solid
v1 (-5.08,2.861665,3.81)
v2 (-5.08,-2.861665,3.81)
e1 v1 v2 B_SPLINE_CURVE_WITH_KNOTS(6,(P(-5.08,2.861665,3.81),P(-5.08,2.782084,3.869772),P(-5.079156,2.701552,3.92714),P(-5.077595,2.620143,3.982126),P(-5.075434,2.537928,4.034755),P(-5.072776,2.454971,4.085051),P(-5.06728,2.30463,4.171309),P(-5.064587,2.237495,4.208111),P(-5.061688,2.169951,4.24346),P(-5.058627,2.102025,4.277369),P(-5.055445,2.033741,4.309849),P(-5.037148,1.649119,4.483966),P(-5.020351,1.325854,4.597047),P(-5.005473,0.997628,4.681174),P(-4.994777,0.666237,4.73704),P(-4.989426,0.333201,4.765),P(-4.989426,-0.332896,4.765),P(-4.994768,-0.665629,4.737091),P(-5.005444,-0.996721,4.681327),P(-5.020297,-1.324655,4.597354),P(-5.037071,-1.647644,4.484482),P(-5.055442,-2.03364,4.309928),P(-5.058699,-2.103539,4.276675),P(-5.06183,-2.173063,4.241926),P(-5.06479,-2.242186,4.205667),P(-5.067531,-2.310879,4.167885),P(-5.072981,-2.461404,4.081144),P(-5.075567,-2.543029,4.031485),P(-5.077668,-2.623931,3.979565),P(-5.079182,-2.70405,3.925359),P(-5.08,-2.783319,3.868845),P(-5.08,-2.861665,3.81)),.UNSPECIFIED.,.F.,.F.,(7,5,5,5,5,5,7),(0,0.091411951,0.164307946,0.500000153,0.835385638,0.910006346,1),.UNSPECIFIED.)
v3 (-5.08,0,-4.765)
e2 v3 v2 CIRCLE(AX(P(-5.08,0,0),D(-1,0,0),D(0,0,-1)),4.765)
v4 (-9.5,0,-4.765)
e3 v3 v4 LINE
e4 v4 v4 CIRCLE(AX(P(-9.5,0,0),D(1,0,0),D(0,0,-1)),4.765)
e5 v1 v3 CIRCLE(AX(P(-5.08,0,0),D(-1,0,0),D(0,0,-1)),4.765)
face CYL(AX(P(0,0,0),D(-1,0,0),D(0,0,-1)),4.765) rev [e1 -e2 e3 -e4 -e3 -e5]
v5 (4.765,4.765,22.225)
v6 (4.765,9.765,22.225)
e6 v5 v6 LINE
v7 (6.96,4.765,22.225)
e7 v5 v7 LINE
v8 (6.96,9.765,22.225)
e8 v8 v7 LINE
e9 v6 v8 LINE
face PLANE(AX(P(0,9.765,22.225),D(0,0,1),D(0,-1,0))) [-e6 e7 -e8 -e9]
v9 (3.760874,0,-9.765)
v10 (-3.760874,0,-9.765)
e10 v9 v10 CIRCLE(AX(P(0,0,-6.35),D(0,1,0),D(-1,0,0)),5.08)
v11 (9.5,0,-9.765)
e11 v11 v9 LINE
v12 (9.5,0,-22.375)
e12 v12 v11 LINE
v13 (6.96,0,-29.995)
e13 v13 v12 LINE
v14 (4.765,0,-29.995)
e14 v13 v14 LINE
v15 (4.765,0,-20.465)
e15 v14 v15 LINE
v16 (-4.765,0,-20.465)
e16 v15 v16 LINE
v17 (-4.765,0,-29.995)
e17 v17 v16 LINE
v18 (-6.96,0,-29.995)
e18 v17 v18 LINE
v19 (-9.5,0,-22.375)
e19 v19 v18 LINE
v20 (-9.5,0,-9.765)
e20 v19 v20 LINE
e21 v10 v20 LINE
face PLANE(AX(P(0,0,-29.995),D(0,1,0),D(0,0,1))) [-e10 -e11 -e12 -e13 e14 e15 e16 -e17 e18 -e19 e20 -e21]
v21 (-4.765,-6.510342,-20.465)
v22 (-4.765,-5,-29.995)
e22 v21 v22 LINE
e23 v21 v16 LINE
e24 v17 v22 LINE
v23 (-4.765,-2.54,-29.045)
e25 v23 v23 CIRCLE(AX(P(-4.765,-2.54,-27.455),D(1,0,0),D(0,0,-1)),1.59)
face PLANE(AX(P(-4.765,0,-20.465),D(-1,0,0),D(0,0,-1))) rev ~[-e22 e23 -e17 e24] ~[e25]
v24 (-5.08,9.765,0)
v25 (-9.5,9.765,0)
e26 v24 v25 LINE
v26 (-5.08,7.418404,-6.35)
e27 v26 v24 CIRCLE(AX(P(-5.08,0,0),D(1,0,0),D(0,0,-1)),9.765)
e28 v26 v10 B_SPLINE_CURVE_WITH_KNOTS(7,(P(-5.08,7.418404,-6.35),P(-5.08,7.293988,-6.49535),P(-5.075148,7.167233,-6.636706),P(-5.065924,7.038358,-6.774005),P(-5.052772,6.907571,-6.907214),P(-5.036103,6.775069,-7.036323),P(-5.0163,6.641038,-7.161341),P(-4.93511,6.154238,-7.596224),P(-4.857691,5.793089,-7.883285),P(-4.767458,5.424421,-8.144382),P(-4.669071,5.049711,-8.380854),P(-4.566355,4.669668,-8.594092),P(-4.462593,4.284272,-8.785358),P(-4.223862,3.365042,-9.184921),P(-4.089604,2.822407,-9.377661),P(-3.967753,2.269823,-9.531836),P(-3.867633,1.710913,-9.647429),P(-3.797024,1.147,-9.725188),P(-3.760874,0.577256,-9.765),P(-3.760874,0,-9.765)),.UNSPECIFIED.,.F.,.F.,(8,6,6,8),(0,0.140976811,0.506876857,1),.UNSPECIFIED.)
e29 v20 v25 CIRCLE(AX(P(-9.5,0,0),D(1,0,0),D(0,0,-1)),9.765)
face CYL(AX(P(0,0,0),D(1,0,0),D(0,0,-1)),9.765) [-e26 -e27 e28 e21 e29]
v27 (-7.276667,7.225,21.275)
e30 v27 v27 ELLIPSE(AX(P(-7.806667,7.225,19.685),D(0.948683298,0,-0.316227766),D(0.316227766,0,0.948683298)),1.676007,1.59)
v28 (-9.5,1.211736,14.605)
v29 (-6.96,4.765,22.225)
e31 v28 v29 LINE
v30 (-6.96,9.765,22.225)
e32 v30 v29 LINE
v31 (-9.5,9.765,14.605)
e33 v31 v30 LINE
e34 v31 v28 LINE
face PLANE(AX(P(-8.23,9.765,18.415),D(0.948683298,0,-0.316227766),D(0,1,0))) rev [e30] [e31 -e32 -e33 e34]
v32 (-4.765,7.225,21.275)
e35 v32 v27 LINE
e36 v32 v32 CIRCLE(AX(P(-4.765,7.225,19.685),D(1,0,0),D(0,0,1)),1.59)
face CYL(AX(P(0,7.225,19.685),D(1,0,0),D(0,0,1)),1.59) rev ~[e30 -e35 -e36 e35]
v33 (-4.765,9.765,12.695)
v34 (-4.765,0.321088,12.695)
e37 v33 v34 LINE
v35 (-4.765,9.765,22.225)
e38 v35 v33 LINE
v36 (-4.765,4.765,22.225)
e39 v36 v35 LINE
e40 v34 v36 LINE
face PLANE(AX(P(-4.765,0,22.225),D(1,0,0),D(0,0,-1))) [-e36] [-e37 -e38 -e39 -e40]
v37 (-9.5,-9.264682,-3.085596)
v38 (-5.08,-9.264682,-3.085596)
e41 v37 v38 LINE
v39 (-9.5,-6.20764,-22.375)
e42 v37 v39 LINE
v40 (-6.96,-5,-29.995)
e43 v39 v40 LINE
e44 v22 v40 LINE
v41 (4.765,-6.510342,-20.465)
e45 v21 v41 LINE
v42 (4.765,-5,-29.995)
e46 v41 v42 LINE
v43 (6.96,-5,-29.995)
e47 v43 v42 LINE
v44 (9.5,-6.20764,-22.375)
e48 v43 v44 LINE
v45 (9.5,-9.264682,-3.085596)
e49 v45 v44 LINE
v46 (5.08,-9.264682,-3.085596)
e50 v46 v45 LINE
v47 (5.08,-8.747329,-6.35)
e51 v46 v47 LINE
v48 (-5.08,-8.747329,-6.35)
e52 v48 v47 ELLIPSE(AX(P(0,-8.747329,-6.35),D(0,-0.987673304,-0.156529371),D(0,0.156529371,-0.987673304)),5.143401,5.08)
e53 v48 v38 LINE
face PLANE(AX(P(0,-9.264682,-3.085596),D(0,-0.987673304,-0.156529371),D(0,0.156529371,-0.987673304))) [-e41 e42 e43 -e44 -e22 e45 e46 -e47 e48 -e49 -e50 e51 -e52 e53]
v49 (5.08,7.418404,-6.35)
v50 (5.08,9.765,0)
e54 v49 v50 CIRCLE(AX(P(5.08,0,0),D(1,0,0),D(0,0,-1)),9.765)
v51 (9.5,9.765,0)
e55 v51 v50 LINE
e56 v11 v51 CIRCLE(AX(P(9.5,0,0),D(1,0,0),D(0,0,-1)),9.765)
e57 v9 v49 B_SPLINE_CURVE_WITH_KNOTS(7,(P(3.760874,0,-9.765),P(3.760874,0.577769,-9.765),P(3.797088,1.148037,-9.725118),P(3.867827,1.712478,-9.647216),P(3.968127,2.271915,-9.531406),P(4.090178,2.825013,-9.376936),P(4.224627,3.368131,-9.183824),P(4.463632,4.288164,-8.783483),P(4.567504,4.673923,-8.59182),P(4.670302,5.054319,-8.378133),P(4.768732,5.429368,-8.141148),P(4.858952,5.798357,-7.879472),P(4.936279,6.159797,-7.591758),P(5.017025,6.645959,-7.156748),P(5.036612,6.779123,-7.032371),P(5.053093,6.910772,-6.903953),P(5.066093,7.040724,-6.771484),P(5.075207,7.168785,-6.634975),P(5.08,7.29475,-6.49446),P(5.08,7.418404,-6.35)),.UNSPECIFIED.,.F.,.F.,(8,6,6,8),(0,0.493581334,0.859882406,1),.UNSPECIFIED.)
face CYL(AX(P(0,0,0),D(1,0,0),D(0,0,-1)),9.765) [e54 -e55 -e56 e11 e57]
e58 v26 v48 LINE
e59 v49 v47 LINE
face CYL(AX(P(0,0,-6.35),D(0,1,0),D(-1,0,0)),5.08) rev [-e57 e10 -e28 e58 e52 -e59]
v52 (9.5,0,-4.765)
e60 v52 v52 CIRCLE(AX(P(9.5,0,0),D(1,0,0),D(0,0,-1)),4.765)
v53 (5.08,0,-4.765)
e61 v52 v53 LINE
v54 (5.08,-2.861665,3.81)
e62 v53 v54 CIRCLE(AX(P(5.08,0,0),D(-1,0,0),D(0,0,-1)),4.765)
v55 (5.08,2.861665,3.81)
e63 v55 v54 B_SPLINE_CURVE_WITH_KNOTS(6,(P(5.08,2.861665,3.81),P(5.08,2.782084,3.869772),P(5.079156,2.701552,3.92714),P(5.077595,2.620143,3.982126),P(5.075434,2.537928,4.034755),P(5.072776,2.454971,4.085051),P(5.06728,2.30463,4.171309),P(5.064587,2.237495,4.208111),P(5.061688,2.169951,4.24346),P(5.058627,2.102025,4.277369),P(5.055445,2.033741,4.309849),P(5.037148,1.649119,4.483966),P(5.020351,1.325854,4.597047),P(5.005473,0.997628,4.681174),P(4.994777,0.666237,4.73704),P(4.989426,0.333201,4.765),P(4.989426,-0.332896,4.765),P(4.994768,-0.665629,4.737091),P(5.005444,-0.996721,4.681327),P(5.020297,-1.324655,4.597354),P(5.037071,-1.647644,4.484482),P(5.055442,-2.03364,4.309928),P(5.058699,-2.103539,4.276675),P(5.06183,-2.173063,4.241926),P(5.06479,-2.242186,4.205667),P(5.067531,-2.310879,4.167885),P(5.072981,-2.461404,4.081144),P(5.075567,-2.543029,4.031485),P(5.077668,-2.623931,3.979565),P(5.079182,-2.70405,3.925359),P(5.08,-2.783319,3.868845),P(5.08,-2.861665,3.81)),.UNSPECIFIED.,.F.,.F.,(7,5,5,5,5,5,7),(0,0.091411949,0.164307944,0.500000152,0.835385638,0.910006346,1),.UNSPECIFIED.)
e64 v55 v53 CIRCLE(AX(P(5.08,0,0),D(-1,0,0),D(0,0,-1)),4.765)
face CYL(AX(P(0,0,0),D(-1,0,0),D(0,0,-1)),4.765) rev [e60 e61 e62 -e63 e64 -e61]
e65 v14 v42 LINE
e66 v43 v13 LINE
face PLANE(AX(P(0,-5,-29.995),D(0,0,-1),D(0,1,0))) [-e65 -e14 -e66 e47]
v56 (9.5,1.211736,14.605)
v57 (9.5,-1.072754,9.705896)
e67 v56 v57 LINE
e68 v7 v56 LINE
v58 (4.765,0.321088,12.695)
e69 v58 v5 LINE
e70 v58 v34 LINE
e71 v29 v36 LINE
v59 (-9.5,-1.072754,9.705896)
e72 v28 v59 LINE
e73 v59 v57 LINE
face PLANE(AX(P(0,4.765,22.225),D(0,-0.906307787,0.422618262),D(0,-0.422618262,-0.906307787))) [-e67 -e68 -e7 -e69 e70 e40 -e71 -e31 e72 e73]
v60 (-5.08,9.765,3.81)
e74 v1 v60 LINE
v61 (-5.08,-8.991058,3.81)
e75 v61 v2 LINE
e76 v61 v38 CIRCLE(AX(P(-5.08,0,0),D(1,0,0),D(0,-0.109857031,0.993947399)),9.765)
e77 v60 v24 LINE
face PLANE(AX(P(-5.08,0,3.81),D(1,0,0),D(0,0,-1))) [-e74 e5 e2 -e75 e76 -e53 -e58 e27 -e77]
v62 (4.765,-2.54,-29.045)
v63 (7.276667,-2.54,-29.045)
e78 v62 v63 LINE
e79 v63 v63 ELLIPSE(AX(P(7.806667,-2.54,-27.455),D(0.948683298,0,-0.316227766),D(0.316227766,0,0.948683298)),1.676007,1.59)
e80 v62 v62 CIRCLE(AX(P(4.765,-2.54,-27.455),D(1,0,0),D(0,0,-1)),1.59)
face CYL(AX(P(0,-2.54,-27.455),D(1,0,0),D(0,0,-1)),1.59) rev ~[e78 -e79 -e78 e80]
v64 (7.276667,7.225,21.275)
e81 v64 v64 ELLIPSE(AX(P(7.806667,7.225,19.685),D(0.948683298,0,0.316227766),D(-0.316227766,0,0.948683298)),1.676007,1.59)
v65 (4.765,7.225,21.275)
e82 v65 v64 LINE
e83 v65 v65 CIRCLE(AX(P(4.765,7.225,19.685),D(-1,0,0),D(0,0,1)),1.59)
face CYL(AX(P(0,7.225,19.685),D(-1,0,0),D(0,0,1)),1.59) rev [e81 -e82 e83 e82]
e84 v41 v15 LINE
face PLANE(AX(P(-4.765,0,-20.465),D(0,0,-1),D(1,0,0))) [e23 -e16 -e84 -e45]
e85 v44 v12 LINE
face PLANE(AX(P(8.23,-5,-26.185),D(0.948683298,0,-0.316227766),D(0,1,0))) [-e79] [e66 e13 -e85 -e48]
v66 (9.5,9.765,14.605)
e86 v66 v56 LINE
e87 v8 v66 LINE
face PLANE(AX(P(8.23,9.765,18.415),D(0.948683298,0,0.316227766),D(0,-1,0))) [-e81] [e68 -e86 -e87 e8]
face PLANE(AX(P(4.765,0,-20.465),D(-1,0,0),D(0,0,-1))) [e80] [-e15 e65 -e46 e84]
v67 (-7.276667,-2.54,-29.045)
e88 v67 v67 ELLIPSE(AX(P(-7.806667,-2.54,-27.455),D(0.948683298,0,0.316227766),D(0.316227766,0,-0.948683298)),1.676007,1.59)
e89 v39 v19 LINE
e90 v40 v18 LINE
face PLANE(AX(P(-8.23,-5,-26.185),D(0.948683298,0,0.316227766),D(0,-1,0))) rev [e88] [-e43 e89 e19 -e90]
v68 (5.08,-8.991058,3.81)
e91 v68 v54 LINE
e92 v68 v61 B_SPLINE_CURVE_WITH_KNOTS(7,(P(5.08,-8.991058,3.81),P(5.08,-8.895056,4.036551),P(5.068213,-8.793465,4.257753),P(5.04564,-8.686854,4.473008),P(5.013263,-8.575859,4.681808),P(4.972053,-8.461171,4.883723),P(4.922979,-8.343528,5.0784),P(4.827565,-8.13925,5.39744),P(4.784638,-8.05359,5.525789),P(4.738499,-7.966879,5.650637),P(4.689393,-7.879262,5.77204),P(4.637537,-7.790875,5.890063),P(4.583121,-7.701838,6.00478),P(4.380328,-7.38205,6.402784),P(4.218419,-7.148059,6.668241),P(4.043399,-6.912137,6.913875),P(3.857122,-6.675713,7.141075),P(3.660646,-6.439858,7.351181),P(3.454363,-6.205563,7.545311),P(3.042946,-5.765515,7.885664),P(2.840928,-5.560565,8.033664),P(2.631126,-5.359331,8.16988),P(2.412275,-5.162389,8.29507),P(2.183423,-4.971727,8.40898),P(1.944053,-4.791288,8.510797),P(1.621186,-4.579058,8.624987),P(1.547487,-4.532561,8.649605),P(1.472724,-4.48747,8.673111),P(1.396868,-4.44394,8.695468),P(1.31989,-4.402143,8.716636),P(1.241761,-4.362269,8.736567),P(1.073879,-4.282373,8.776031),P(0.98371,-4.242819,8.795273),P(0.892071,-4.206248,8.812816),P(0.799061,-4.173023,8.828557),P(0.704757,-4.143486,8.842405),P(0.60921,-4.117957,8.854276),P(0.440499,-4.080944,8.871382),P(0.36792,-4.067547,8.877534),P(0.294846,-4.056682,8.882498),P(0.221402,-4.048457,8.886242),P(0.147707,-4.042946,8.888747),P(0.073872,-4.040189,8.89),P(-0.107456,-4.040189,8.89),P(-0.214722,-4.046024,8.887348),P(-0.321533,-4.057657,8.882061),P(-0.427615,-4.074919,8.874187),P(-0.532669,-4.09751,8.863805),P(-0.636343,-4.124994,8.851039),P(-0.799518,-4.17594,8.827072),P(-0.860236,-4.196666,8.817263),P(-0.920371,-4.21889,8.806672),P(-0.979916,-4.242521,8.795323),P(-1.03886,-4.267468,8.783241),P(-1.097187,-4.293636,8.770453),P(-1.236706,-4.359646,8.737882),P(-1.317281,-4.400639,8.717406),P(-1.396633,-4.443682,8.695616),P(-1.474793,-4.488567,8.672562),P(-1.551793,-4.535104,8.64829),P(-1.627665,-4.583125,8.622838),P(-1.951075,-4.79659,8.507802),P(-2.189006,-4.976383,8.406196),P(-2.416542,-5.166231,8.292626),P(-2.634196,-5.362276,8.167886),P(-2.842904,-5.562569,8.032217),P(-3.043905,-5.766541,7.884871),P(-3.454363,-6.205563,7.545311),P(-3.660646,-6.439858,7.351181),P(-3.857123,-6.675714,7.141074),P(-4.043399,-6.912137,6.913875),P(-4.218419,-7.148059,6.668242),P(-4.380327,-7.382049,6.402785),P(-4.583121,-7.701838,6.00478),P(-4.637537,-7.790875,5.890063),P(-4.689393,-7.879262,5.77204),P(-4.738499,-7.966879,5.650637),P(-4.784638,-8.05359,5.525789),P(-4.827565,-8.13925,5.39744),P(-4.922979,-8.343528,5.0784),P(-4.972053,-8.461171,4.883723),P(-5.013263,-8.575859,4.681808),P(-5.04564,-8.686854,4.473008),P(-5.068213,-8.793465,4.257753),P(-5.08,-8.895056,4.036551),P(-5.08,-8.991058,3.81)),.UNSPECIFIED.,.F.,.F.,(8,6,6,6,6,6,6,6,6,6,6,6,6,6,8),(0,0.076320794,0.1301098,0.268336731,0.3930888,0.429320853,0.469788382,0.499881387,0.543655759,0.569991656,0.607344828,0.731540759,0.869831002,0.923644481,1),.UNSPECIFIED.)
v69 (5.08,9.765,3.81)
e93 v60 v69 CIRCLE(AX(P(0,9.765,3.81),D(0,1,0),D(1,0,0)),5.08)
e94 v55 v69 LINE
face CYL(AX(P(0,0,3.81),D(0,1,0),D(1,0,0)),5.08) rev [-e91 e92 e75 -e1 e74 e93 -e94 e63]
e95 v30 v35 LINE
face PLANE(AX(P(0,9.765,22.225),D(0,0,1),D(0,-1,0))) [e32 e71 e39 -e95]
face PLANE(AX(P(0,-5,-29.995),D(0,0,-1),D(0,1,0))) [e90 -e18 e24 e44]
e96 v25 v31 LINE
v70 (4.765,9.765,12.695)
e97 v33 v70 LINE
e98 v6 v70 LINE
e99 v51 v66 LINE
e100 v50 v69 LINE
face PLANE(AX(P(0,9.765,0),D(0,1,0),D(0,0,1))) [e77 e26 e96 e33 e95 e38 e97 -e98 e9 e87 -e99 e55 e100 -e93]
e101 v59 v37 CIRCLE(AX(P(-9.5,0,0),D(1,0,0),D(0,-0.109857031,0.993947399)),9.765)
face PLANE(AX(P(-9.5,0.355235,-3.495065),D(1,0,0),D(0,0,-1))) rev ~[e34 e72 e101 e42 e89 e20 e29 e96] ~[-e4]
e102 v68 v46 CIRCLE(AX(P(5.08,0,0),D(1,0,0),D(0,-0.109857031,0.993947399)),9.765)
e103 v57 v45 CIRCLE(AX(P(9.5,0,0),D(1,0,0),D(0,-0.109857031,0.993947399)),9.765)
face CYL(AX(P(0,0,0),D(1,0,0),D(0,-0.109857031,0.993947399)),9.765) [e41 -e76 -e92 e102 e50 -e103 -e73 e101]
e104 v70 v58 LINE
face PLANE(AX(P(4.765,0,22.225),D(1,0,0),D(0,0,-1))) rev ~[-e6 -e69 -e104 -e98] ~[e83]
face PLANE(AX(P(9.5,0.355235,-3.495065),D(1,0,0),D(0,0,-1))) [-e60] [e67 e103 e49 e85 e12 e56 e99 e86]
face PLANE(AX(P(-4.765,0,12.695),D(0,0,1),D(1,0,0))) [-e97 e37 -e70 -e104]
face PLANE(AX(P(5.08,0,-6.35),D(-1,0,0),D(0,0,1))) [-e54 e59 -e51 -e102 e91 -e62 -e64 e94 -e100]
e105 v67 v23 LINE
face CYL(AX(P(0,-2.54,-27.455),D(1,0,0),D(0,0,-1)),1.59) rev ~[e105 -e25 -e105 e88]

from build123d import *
from OCP.BRepFilletAPI import BRepFilletAPI_MakeChamfer

# Parameters (mm, degrees)
SKETCH1_R           = 4.765
BOSS_EXTRUDE1_DEPTH = 9.5
CHAMFER1_SIZE       = 2.54
CHAMFER1_SIZE2      = 7.62
CHAMFER2_SIZE       = 7.62
CHAMFER2_SIZE2      = 2.54
CUT_EXTRUDE1_DEPTH  = 24.5
SKETCH3_W           = 9.53
SKETCH3_H           = 9.53
CUT_EXTRUDE2_DEPTH  = 24.5
SKETCH4_R           = 1.59
CUT_EXTRUDE3_DEPTH  = 24.5


with BuildPart() as part:
    # Sketch1 → Boss-Extrude1 (new, symmetric)
    with BuildSketch(Plane(origin=(0, 0, 0), x_dir=(0, 0, -1), z_dir=(1, 0, 0))):
        with BuildLine():
            Line((0, 9.765), (-22.225, 9.765))
            Line((-22.225, 9.765), (-22.225, 4.765))
            Line((-22.225, 4.765), (-9.705896356, -1.072753903))
            ThreePointArc((-9.705896356, -1.072753903), (-5.266309461, -8.223211639), (3.085595591, -9.264681584))
            Line((3.085595591, -9.264681584), (29.995, -5))
            Line((29.995, -5), (29.995, 0))
            Line((29.995, 0), (9.765, 0))
            ThreePointArc((9.765, 0), (6.904897718, 6.904897718), (0, 9.765))
        make_face()
        Circle(SKETCH1_R, mode=Mode.SUBTRACT)
    extrude(amount=BOSS_EXTRUDE1_DEPTH, both=True)

    # Chamfer1: one chamfer whose edges measure the first distance from different faces: ONE call of the kernel's chamfer builder (chamfer() names one face for all edges)
    chamfer1_edges_1 = [part.edges().sort_by_distance(p)[0] for p in [
        (9.5, 7.265, 22.225),
    ]]
    chamfer1_side_1 = [part.faces().sort_by_distance(p)[0] for p in [
        (0, 7.265, 22.225),
    ]]
    chamfer1_edges_2 = [part.edges().sort_by_distance(p)[0] for p in [
        (9.5, -2.5, -29.995),
    ]]
    chamfer1_side_2 = [part.faces().sort_by_distance(p)[0] for p in [
        (0, -2.5, -29.995),
    ]]
    chamfer1 = BRepFilletAPI_MakeChamfer(part.part.solid().wrapped)
    for e in chamfer1_edges_1:
        chamfer1.Add(CHAMFER1_SIZE, CHAMFER1_SIZE2, e.wrapped, chamfer1_side_1[0].wrapped)  # the first distance lies on this face
    for e in chamfer1_edges_2:
        chamfer1.Add(CHAMFER1_SIZE, CHAMFER1_SIZE2, e.wrapped, chamfer1_side_2[0].wrapped)  # the first distance lies on this face
    add(Compound.cast(chamfer1.Shape()), mode=Mode.REPLACE)

    # Chamfer2
    chamfer2_edges = [part.edges().sort_by_distance(p)[0] for p in [
        (-9.5, -2.5, -29.995),
        (-9.5, 7.265, 22.225),
    ]]
    chamfer2_side = [part.faces().sort_by_distance(p)[0] for p in [
        (-9.5, 9.207474279, 11.1125),
    ]]
    chamfer(chamfer2_edges, length=CHAMFER2_SIZE, length2=CHAMFER2_SIZE2, reference=chamfer2_side[0])

    # Sketch2 → Cut-Extrude1 (cut, symmetric)
    with BuildSketch(Plane(origin=(0, 0, 0), x_dir=(1, 0, 0), z_dir=(0, 1, 0))):
        with BuildLine():
            Line((-5.08, -3.81), (-5.08, 6.35))
            ThreePointArc((-5.08, 6.35), (0, 11.43), (5.08, 6.35))
            Line((5.08, 6.35), (5.08, -3.81))
            ThreePointArc((5.08, -3.81), (0, -8.89), (-5.08, -3.81))
        make_face()
    extrude(amount=CUT_EXTRUDE1_DEPTH, both=True, mode=Mode.SUBTRACT)

    # Sketch3 → Cut-Extrude2 (cut, symmetric)
    with BuildSketch(Plane(origin=(0, 0, 0), x_dir=(1, 0, 0), z_dir=(0, 1, 0))):
        with Locations((0, 25.23)):
            Rectangle(SKETCH3_W, SKETCH3_H)
        with Locations((0, -17.46)):
            Rectangle(SKETCH3_W, SKETCH3_H)
    extrude(amount=CUT_EXTRUDE2_DEPTH, both=True, mode=Mode.SUBTRACT)

    # Sketch4 → Cut-Extrude3 (cut, symmetric)
    with BuildSketch(Plane(origin=(0, 0, 0), x_dir=(0, 0, -1), z_dir=(1, 0, 0))):
        with Locations(Location((-19.685, 7.225, 0), (0, 0, 180))):
            Circle(SKETCH4_R)
        with Locations((27.455, -2.54)):
            Circle(SKETCH4_R)
    extrude(amount=CUT_EXTRUDE3_DEPTH, both=True, mode=Mode.SUBTRACT)


solid = part.part
